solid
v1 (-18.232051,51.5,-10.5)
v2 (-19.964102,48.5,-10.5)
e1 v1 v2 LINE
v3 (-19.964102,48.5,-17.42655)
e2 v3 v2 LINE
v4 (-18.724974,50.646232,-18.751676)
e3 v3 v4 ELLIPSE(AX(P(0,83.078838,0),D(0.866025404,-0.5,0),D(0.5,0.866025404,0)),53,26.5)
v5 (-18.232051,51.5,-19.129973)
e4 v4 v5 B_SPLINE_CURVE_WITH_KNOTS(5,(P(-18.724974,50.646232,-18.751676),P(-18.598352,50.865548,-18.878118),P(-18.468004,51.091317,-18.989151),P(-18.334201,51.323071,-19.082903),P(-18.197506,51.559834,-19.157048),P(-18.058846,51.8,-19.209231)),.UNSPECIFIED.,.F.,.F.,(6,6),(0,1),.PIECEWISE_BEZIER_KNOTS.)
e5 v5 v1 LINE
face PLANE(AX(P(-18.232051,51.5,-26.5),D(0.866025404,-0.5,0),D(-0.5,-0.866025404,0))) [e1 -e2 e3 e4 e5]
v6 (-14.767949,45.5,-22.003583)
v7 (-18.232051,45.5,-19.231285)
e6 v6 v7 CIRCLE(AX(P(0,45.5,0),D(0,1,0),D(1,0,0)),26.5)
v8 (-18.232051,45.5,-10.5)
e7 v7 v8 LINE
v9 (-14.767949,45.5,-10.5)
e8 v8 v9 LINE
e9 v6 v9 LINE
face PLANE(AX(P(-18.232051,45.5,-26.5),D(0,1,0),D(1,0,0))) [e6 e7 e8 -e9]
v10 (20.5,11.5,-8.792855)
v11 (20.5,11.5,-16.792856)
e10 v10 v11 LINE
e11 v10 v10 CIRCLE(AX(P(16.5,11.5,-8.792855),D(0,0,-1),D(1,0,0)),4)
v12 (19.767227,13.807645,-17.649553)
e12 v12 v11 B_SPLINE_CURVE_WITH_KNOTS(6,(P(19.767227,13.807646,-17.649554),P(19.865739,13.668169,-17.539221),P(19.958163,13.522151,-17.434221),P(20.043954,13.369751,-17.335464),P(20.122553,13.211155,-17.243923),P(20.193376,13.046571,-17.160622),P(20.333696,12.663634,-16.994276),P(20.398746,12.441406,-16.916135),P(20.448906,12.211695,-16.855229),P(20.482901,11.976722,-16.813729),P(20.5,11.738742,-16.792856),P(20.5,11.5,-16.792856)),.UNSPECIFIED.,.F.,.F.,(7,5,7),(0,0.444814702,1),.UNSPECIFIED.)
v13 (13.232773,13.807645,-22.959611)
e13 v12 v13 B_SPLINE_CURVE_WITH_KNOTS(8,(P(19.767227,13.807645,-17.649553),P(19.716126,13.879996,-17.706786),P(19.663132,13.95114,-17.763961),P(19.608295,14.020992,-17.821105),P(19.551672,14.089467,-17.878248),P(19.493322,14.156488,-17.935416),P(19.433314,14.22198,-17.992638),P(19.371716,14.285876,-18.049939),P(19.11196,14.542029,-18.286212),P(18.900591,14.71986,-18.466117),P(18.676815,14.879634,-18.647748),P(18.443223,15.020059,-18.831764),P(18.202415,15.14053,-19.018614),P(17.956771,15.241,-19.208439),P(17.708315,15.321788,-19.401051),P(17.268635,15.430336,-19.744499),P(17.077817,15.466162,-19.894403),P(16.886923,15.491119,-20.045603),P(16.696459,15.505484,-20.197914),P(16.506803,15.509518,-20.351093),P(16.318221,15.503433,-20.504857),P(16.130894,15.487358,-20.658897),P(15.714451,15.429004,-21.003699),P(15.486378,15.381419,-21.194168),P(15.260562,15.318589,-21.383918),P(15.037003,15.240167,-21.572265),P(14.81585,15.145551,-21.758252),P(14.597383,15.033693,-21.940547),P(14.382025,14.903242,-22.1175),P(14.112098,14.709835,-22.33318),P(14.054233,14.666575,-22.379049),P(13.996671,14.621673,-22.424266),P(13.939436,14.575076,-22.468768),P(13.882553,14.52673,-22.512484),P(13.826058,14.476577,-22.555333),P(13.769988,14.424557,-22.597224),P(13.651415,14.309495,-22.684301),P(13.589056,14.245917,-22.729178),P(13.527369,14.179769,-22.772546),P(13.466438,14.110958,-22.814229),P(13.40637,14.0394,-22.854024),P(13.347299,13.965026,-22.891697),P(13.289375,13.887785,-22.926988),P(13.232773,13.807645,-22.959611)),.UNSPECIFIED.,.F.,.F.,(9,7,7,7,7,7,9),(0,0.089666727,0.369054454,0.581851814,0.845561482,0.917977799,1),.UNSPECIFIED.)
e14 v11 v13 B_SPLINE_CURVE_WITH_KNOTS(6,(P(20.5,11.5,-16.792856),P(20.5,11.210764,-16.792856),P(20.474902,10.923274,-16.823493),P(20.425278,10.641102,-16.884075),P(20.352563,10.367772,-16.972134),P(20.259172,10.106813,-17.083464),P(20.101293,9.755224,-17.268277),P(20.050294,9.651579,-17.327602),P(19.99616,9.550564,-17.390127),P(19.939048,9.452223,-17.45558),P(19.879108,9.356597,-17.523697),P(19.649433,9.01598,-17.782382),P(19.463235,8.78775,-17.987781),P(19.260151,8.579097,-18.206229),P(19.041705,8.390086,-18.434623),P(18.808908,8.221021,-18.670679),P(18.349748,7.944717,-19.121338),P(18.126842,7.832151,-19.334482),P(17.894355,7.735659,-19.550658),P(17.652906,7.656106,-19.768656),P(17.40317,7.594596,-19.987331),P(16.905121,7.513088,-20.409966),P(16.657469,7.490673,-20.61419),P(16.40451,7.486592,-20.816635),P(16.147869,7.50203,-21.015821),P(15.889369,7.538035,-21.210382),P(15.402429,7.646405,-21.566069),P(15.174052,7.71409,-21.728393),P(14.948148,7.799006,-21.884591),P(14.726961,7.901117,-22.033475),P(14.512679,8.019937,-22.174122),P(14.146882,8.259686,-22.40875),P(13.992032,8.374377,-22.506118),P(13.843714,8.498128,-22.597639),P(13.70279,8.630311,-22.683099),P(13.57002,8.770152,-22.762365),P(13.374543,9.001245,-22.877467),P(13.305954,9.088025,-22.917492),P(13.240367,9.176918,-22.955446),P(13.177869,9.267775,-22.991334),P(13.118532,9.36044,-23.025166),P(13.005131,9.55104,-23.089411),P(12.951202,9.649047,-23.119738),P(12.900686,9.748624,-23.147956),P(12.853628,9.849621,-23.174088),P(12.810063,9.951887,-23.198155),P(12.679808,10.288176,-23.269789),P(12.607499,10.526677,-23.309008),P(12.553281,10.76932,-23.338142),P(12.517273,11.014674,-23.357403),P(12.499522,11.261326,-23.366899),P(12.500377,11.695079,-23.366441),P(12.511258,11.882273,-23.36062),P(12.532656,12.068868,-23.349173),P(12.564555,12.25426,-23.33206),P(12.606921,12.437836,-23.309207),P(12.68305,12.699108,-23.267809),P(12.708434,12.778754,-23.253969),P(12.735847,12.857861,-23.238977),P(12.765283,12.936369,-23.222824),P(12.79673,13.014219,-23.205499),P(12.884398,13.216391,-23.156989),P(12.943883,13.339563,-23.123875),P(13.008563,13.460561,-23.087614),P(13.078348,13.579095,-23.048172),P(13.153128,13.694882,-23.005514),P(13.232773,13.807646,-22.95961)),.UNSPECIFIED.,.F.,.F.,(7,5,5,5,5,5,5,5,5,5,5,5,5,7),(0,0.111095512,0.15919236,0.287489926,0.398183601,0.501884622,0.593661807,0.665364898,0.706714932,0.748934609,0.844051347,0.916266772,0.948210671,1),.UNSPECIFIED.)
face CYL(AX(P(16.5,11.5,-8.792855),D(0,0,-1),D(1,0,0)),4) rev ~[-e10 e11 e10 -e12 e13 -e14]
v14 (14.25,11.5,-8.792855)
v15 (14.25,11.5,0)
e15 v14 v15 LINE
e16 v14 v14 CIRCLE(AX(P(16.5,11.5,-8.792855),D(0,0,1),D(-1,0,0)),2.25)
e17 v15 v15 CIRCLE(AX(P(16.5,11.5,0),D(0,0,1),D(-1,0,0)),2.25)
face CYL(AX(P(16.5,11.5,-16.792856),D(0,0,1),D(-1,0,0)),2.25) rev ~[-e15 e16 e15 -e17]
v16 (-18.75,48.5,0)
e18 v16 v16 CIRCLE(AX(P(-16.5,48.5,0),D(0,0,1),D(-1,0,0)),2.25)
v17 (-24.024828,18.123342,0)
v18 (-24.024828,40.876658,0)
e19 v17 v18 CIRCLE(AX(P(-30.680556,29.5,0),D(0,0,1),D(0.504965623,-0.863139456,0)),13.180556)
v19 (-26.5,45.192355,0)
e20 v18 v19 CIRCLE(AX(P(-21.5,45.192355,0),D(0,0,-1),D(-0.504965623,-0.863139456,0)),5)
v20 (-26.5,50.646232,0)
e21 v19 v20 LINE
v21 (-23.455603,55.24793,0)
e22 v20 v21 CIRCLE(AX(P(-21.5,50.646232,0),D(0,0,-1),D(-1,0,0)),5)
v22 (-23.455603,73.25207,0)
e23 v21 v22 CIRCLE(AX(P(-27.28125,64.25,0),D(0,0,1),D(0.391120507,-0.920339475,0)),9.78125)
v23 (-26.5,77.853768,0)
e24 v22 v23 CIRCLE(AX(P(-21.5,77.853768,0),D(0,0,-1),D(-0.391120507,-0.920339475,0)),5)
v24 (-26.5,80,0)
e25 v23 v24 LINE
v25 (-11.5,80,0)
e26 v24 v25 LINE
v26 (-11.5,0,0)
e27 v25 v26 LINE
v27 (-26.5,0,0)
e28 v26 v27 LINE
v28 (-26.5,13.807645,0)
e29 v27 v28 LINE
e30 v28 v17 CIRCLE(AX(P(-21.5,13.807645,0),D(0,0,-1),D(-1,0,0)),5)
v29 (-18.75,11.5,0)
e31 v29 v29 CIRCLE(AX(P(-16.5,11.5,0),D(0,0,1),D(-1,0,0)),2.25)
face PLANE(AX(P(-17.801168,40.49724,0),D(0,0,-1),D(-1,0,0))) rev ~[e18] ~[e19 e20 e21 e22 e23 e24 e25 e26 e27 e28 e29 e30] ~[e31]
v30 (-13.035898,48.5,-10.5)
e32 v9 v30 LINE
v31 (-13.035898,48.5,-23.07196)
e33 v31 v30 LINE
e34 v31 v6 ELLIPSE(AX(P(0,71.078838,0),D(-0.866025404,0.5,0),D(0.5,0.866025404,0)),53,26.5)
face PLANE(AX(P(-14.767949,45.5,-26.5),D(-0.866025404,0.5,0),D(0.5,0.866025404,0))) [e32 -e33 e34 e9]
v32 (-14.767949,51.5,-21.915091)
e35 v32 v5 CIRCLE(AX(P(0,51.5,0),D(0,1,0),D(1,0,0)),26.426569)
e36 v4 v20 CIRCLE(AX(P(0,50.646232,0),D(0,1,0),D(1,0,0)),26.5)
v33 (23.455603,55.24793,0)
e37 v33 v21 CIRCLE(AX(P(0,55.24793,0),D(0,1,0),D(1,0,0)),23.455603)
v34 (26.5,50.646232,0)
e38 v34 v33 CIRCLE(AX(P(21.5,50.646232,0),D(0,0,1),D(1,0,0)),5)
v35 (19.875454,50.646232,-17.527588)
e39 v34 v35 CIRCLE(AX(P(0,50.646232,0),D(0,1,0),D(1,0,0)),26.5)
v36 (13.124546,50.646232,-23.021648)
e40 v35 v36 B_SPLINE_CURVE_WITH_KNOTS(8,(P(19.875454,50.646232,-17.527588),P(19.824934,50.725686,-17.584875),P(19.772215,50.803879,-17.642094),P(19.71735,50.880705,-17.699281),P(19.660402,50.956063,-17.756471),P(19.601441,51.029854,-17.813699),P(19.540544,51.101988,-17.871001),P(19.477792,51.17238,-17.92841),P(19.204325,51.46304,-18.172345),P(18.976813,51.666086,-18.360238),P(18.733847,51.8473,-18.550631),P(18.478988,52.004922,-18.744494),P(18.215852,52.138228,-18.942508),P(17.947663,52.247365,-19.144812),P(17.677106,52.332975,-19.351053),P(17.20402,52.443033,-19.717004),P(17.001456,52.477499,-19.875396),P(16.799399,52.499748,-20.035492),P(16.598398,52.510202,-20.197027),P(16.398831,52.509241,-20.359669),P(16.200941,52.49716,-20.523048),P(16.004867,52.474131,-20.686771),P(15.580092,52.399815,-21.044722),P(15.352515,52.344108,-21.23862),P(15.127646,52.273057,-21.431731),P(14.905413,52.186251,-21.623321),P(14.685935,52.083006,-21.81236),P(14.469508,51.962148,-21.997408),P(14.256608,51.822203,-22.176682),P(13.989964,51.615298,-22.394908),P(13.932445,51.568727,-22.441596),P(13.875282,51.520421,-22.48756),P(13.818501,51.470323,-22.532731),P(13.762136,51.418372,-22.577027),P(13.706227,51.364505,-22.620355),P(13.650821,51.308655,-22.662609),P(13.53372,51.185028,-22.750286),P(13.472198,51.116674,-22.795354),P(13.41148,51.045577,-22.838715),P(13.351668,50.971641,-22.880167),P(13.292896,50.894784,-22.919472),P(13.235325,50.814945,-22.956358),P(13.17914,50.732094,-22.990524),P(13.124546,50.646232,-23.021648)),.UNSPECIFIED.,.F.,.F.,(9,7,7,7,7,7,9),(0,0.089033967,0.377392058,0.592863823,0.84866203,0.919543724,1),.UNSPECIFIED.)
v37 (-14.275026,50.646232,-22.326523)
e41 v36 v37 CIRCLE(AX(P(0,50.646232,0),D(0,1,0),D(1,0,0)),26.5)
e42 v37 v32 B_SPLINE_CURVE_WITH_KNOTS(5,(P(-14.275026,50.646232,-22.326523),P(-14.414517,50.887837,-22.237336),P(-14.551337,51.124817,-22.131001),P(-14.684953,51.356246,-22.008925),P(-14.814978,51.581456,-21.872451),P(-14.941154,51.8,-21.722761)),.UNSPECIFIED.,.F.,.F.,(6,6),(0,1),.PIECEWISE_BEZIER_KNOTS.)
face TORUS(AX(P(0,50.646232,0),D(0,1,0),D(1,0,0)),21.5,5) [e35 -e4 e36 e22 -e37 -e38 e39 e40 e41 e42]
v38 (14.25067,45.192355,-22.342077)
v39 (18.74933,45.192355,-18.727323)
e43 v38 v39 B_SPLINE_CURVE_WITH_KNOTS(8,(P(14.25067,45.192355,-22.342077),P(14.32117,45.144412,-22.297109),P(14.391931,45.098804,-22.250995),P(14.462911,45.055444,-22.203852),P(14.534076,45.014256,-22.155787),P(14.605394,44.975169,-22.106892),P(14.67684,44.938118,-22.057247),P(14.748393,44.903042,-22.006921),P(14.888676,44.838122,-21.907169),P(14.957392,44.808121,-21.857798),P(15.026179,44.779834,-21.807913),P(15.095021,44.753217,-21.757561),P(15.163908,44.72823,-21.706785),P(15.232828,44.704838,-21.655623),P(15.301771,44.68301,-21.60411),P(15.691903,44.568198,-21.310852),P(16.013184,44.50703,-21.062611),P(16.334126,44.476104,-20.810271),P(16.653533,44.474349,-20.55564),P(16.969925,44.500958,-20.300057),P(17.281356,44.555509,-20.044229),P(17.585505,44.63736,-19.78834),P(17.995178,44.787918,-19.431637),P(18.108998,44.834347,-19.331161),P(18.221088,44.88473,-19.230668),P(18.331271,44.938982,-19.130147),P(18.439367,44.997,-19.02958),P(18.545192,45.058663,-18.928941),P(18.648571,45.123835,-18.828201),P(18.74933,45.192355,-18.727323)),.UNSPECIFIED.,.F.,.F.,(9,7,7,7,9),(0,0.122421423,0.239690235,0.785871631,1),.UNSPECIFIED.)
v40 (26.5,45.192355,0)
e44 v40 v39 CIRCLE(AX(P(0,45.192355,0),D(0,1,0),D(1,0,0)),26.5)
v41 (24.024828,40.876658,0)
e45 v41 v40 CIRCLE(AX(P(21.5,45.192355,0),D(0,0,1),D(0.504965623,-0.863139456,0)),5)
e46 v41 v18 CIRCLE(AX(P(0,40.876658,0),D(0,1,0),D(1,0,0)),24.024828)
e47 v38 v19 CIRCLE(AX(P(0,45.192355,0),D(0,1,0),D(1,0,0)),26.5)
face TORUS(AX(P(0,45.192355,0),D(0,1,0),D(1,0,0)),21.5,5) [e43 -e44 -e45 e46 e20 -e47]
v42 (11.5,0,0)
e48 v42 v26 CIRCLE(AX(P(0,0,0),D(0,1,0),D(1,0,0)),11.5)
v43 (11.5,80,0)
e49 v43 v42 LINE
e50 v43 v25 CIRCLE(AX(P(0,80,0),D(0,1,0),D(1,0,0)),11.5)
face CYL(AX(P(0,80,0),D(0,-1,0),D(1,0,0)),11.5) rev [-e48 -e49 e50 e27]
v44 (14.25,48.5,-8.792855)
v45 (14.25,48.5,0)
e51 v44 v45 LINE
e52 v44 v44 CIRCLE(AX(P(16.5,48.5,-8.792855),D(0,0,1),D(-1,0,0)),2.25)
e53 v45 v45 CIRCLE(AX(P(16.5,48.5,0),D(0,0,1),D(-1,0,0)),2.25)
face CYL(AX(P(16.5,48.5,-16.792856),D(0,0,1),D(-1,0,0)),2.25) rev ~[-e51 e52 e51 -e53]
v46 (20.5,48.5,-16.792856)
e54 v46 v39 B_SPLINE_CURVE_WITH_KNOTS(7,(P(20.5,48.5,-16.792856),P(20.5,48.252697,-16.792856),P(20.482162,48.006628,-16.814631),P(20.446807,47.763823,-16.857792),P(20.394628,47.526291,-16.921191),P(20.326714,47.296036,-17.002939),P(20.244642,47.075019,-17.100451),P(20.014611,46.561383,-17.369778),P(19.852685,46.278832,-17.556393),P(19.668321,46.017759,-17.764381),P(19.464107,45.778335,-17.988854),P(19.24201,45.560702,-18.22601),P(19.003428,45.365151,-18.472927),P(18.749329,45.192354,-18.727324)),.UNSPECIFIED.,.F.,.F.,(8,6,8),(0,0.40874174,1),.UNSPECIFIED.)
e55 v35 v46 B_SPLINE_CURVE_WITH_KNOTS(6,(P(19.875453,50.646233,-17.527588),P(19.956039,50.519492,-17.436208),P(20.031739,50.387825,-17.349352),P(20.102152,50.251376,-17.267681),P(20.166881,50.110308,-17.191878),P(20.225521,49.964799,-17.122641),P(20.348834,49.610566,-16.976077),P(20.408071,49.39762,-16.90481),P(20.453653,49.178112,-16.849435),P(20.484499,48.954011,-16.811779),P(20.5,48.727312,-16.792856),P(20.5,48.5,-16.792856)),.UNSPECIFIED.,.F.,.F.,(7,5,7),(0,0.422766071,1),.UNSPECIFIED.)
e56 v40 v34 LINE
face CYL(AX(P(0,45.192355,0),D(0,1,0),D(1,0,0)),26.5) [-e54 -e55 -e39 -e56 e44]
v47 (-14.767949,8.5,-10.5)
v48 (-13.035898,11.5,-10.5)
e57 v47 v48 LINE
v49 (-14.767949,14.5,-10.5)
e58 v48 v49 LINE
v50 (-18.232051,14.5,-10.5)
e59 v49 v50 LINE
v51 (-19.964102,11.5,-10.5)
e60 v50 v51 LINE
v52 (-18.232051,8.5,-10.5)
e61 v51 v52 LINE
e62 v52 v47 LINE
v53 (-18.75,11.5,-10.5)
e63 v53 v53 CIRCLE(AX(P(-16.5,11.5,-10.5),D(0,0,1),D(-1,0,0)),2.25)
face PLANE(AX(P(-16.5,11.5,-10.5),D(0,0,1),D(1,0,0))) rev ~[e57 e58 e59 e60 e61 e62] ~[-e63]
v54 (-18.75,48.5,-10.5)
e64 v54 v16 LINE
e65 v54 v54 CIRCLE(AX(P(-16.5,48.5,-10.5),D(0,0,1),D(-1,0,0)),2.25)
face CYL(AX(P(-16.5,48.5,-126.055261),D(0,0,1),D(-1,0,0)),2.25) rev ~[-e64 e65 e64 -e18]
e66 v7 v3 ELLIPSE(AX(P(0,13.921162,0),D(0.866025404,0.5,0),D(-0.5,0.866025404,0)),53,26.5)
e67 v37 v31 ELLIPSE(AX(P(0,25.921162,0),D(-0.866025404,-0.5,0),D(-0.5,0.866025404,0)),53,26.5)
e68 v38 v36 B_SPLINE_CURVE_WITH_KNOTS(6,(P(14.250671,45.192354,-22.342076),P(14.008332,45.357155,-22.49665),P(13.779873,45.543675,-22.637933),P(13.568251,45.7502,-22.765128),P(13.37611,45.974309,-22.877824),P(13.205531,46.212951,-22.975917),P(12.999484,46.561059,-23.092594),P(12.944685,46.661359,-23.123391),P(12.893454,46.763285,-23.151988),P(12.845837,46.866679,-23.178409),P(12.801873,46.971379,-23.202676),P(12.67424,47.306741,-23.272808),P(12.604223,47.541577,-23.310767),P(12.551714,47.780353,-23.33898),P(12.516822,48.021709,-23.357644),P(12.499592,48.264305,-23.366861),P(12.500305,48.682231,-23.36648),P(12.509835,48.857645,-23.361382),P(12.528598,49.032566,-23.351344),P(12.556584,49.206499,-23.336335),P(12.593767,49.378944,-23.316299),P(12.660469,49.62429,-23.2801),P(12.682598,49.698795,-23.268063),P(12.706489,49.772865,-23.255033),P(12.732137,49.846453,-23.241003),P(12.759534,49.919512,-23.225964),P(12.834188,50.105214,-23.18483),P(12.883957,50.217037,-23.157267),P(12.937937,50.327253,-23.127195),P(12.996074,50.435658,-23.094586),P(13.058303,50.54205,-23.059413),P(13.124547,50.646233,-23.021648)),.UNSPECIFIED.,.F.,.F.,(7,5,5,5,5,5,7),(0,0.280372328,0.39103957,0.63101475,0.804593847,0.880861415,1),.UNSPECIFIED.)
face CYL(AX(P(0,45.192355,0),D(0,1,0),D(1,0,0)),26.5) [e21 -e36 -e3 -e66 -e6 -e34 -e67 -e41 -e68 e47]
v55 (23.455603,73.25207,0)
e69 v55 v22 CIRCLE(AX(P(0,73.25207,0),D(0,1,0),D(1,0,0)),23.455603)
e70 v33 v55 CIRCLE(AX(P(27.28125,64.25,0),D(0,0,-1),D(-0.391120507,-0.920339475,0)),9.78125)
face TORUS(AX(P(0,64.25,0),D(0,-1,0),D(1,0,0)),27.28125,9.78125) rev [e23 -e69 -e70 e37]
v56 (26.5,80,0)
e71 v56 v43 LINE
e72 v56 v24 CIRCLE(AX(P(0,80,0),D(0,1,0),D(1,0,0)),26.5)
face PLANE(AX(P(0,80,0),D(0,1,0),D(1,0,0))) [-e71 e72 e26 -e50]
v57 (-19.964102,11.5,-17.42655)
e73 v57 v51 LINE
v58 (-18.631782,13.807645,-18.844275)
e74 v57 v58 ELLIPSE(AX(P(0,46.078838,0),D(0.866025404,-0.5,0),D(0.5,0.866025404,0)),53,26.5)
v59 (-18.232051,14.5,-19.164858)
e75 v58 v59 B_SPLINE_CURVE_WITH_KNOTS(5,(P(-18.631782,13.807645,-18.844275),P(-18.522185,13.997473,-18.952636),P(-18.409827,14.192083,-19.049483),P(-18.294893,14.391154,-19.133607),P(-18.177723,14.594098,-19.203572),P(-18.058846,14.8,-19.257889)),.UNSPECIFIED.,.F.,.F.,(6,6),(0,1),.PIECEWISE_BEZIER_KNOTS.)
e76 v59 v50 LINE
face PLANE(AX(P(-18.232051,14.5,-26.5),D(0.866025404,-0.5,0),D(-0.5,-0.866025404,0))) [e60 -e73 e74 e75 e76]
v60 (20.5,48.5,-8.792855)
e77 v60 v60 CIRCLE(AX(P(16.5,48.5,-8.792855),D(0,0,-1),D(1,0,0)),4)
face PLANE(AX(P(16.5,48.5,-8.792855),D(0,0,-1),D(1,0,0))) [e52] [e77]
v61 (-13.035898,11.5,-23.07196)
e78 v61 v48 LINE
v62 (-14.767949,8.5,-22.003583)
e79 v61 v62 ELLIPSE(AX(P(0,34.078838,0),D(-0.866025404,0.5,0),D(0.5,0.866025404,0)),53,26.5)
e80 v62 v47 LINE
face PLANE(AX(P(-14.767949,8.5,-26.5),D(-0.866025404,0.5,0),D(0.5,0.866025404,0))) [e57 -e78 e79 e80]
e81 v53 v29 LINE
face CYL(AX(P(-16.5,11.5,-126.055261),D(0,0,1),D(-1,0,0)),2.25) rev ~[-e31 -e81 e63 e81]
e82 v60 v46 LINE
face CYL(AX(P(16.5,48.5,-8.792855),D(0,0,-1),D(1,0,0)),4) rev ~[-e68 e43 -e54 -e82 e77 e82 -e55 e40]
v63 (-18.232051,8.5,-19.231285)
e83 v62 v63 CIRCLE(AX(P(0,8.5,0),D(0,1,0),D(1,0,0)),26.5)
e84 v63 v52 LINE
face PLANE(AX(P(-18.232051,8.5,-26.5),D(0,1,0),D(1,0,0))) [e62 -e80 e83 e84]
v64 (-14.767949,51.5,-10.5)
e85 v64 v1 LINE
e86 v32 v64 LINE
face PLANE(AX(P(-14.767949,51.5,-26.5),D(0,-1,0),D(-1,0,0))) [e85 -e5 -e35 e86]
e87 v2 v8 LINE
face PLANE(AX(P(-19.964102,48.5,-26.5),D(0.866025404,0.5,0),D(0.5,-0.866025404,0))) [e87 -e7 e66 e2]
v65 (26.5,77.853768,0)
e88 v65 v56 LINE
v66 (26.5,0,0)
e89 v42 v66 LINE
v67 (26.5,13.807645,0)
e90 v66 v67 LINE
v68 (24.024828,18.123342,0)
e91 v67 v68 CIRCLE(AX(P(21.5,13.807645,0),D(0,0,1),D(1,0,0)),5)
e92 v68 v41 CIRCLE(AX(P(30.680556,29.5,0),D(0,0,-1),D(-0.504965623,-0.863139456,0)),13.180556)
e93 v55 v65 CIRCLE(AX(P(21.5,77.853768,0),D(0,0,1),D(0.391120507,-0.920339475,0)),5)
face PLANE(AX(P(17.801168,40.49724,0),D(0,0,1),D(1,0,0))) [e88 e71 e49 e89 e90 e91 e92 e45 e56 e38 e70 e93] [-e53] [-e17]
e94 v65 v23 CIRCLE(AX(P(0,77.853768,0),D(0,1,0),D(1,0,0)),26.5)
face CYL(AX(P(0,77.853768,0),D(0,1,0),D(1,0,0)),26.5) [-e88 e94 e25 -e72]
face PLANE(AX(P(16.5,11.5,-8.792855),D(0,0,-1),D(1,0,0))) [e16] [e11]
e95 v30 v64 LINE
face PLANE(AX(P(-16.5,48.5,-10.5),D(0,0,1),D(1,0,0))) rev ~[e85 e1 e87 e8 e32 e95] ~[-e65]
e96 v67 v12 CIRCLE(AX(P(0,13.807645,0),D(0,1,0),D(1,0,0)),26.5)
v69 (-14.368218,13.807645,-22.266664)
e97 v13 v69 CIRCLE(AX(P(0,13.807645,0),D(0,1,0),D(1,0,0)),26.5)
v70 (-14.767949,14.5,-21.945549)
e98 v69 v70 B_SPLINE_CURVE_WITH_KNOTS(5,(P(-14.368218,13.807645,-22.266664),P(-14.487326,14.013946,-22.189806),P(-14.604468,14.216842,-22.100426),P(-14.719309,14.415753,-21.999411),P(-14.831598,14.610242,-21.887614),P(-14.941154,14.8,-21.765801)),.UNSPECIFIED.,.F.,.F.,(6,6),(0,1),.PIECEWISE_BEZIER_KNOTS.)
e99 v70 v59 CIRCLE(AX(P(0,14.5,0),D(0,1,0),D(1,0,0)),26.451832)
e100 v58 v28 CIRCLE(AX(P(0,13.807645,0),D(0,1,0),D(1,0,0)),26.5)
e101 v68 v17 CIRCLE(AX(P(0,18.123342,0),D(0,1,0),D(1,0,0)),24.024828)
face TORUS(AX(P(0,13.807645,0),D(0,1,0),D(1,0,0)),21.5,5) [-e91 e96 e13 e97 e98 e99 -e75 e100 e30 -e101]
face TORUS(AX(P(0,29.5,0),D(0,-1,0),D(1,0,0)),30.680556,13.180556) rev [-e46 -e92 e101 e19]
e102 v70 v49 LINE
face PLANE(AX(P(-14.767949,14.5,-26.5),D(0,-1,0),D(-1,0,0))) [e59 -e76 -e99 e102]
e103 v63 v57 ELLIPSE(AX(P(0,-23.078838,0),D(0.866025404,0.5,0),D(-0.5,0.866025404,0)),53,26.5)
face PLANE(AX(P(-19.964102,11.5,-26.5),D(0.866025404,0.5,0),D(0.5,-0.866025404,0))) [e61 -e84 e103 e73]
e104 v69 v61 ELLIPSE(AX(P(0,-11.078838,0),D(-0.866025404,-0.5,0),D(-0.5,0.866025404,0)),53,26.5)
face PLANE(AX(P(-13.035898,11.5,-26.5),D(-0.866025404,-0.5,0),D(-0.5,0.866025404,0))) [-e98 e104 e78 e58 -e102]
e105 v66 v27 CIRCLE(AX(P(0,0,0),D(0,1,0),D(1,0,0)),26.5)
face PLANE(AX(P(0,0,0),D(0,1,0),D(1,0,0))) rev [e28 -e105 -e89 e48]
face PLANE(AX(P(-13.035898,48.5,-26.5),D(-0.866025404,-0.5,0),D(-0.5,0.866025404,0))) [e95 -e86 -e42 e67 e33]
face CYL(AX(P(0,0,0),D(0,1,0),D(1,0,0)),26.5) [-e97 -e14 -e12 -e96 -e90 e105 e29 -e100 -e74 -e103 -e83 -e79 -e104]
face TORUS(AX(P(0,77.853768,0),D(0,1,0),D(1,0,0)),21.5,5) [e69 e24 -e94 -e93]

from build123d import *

# Parameters (mm, degrees)
F1_ANGLE       = 180
F4_D           = 4.5
F4_START       = 9.7071445
F4_CBORE_D     = 8
F4_CBORE_DEPTH = 8
F5_D           = 4.5
F6_DEPTH       = 16
F7_DEPTH       = 16


with BuildPart() as f1:
    # F0 (on Top) → F1 (revolve)
    with BuildSketch(Plane.XY):
        with BuildLine():
            Line((11.5, 80), (11.5, 0))
            Line((11.5, 0), (26.5, 0))
            Line((26.5, 0), (26.5, 13.8076451735))
            ThreePointArc((26.5, 13.8076451735), (25.8372883559, 16.2952001412), (24.0248281131, 18.123342452))
            ThreePointArc((24.0248281131, 18.123342452), (17.5, 29.5), (24.0248281131, 40.876657548))
            ThreePointArc((24.0248281131, 40.876657548), (25.8372883559, 42.7047998588), (26.5, 45.1923548265))
            Line((26.5, 45.1923548265), (26.5, 50.6462321396))
            ThreePointArc((26.5, 50.6462321396), (25.6700127509, 53.4050350788), (23.455602537, 55.2479295131))
            ThreePointArc((23.455602537, 55.2479295131), (17.5, 64.25), (23.455602537, 73.2520704869))
            ThreePointArc((23.455602537, 73.2520704869), (25.6700127509, 75.0949649212), (26.5, 77.8537678604))
            Line((26.5, 77.8537678604), (26.5, 80))
            Line((26.5, 80), (11.5, 80))
        make_face()
    revolve(axis=Axis((0, 49.9980136495, 0), (0, 1, 0)), revolution_arc=F1_ANGLE)

    # F4 (through all)
    # its depths count from where the whole tool has entered the part; down to there all is cleared
    with Locations(Plane(origin=(0, 0, -26.5), x_dir=(1, 0, 0), z_dir=(0, 0, -1)).offset(-F4_START)):
        with Locations((16.5, -11.5), (16.5, -48.5)):
            CounterBoreHole(F4_D / 2, F4_CBORE_D / 2, F4_CBORE_DEPTH)

    # F5 (through all)
    with Locations(Plane(origin=(0, 0, -26.5), x_dir=(1, 0, 0), z_dir=(0, 0, -1))):
        with Locations((-16.5, -48.5), (-16.5, -11.5)):
            Hole(F5_D / 2)

    # F3 (on offset) → F6 (cut)
    with BuildSketch(Plane.XY.offset(-26.5)):
        Polygon((-14.7679491924, 14.5), (-18.2320508076, 14.5), (-19.9641016151, 11.5), (-18.2320508076, 8.5), (-14.7679491924, 8.5), (-13.0358983849, 11.5), align=None)
    extrude(amount=F6_DEPTH, mode=Mode.SUBTRACT)

    # F3 (on offset) → F7 (cut)
    with BuildSketch(Plane.XY.offset(-26.5)):
        Polygon((-19.9641016151, 48.5), (-18.2320508076, 45.5), (-14.7679491924, 45.5), (-13.0358983849, 48.5), (-14.7679491924, 51.5), (-18.2320508076, 51.5), align=None)
    extrude(amount=F7_DEPTH, mode=Mode.SUBTRACT)


solid = f1.part
